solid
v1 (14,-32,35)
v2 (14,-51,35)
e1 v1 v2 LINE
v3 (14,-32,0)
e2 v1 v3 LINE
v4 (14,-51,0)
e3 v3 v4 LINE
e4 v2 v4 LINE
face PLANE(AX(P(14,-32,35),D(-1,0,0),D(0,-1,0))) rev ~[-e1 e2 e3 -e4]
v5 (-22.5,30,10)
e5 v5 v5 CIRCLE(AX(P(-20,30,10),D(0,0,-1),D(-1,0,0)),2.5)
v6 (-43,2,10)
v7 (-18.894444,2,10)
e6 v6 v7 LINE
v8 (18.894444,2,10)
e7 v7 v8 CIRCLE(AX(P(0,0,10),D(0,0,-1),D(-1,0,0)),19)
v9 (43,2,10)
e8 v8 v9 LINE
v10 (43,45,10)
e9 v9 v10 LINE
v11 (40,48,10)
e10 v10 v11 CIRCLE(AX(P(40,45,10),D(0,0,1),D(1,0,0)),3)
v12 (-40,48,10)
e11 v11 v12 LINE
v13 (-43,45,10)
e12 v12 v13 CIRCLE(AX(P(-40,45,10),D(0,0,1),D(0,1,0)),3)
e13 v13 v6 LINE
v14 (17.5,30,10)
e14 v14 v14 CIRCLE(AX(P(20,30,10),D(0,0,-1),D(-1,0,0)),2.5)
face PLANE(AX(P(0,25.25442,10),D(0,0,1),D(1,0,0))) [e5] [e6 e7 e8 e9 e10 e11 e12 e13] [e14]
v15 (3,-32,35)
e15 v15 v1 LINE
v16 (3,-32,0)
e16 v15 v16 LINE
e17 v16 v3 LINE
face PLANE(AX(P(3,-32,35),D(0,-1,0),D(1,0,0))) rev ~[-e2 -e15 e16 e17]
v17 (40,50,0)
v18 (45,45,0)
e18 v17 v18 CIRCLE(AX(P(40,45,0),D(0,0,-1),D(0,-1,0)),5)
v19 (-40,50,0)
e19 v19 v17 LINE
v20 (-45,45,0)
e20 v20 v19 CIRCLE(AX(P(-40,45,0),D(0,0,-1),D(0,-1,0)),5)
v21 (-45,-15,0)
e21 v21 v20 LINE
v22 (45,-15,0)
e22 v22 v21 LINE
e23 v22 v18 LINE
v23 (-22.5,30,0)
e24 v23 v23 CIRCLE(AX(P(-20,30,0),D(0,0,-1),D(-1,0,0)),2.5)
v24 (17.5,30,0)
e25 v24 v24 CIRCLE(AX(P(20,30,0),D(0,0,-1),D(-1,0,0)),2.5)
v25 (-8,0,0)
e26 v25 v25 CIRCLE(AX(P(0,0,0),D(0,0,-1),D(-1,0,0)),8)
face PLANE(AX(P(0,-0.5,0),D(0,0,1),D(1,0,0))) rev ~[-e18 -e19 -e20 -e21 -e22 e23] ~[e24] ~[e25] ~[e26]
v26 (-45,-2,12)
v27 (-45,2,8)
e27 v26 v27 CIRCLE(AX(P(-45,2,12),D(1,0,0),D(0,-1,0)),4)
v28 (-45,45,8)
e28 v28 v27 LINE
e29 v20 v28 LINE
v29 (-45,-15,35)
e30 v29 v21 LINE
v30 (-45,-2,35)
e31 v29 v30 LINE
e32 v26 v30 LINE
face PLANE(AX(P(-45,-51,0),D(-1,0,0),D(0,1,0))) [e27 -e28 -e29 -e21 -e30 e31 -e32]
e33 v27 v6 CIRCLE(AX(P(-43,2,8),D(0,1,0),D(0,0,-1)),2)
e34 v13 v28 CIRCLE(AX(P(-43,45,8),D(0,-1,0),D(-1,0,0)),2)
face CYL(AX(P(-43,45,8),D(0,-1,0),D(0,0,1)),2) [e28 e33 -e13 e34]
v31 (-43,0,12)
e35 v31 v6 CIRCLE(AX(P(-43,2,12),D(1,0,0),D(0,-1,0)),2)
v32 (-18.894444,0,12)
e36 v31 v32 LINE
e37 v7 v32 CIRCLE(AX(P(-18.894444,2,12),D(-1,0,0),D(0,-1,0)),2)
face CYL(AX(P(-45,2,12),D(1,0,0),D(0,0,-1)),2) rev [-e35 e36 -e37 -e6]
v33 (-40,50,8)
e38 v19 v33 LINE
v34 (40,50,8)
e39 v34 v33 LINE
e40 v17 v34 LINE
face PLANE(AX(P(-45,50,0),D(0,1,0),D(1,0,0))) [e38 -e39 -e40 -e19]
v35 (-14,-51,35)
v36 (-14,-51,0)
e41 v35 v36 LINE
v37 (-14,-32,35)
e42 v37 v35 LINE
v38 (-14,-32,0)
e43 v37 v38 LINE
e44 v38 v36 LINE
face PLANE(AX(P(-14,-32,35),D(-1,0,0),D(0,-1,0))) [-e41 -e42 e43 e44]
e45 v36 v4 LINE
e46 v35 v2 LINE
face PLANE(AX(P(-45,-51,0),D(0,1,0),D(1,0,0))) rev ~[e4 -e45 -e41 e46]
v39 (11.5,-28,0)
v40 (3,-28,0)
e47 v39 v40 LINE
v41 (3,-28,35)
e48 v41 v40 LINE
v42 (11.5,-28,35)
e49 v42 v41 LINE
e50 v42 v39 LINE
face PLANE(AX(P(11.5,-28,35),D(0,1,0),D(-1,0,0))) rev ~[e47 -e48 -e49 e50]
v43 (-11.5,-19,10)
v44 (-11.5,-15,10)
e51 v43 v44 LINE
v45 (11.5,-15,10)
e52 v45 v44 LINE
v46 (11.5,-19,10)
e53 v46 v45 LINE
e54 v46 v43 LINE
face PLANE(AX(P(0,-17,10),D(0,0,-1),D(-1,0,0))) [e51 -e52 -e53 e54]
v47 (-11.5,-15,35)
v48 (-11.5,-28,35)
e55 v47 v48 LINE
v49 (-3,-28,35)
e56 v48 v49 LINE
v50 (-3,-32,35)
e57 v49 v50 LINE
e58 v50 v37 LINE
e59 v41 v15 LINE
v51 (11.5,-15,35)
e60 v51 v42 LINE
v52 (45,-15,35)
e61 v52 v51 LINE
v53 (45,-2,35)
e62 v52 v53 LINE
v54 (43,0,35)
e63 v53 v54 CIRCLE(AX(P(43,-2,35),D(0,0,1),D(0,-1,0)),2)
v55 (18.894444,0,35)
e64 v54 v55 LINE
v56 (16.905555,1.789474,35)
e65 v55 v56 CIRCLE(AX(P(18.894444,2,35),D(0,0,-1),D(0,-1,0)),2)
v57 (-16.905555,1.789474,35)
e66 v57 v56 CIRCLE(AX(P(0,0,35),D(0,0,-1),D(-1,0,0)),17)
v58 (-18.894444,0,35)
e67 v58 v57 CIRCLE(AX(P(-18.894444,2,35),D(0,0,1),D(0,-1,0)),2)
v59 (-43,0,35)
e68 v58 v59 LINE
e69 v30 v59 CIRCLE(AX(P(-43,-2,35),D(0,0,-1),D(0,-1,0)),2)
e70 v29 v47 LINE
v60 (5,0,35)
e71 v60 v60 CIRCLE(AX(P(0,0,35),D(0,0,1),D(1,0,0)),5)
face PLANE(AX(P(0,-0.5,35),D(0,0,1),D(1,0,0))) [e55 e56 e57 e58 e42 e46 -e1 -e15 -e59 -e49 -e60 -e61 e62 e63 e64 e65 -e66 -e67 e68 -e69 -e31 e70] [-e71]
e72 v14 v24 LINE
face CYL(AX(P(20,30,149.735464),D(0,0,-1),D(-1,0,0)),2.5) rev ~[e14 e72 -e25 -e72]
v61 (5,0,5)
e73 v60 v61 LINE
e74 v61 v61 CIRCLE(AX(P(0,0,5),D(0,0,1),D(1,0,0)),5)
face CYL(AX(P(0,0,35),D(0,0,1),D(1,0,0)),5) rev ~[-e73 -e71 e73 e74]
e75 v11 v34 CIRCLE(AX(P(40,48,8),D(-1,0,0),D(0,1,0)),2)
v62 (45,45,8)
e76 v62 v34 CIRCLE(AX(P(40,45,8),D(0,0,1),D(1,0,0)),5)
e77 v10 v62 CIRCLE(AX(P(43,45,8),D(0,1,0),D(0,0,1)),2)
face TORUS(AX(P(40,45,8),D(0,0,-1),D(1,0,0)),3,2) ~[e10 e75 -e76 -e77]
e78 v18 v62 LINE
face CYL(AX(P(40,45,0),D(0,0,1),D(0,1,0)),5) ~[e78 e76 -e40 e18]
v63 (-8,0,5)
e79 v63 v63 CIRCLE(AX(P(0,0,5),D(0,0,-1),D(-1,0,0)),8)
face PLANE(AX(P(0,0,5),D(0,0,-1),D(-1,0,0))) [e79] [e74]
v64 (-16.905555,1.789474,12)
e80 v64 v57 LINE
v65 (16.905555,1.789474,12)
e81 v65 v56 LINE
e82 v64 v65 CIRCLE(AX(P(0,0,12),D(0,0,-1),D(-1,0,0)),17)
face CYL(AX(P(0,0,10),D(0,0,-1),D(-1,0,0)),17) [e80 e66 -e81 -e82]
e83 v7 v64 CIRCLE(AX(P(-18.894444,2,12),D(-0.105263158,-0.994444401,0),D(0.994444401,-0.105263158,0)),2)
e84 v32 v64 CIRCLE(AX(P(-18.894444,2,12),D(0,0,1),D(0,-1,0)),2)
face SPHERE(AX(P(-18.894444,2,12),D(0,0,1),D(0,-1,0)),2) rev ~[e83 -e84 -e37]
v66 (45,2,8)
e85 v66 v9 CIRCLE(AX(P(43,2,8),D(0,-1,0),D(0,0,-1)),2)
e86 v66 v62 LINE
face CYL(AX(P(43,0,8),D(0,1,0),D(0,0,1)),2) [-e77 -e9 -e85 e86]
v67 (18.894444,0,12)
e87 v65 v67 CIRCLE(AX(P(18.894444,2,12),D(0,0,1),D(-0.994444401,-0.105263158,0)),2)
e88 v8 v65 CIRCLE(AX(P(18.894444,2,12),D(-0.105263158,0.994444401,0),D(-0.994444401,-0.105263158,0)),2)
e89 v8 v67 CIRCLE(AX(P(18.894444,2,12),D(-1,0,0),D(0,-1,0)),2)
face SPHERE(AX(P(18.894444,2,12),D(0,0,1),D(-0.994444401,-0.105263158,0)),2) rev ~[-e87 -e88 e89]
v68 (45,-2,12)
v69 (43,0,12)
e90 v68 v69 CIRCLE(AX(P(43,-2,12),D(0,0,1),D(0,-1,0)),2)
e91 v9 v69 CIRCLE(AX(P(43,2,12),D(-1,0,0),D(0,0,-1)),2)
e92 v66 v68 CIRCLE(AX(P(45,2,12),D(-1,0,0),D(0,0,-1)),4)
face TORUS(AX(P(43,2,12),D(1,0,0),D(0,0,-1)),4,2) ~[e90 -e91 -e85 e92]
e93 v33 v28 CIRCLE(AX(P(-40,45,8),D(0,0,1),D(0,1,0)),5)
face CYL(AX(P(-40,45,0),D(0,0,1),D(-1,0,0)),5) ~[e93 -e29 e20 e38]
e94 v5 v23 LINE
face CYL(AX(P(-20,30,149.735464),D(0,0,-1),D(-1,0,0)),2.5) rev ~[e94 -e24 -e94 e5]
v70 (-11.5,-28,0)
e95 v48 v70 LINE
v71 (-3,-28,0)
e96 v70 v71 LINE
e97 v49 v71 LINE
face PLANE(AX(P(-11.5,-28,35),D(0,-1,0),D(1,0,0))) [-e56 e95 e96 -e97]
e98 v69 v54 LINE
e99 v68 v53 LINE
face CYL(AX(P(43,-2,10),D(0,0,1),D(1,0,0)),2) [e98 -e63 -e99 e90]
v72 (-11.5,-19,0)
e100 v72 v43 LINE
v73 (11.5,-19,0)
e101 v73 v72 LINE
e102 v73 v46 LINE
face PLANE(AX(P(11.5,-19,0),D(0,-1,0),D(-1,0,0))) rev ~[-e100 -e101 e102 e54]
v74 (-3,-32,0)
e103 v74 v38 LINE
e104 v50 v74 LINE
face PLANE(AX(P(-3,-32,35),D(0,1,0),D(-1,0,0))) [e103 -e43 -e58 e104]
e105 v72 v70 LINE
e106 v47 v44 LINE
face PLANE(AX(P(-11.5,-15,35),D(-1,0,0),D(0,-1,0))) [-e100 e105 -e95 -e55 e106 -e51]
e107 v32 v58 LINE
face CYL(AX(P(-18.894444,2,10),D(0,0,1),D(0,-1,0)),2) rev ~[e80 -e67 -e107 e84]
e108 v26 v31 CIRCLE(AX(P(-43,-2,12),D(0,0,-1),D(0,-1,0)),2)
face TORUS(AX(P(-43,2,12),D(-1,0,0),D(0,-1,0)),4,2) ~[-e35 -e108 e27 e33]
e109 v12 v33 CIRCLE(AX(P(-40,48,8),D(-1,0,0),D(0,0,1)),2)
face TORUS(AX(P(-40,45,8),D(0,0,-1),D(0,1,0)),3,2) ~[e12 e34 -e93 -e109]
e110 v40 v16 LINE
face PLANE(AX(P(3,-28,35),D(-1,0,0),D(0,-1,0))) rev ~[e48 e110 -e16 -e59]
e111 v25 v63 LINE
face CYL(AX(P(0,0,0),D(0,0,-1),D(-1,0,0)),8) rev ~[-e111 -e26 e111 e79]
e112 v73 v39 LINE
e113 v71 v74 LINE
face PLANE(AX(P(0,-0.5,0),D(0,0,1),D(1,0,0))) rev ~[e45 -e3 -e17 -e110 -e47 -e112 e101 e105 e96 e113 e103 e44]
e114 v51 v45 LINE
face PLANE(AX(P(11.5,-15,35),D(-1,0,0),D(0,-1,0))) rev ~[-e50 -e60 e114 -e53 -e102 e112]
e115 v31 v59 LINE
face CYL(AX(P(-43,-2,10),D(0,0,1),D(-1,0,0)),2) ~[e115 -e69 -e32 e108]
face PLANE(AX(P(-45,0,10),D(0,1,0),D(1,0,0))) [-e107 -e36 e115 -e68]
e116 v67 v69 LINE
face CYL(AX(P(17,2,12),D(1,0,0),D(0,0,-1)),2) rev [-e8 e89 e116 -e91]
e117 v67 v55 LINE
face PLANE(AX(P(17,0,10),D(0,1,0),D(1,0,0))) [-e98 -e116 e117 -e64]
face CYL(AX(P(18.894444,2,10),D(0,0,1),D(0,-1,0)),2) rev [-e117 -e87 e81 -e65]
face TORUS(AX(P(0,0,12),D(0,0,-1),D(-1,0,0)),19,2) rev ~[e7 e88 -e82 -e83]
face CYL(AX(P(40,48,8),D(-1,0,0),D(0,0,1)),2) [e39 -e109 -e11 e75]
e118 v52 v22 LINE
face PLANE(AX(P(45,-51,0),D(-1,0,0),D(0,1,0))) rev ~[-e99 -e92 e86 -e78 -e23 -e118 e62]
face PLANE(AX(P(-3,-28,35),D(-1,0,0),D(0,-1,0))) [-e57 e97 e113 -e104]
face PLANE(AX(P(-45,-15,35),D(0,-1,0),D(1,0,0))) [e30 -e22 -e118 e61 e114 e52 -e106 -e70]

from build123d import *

# Parameters (mm, degrees)
SKETCH_2_W          = 90
SKETCH_2_H          = 101
EXTRUDE_1_DEPTH     = 35
CUT_EXTRUDE_START   = 10
CUT_EXTRUDE_1_DEPTH = 67.491829629
SKETCH_8_R          = 5
CUT_EXTRUDE_3_DEPTH = 77.491829629
SKETCH_9_W          = 23
SKETCH_9_H          = 4
CUT_EXTRUDE_4_DEPTH = 10
HOLE_WIZARD_M5_1_D  = 5
SKETCH_12_R         = 8
CUT_EXTRUDE_5_DEPTH = 5
FILLET_3_R          = 5
FILLET_4_R          = 2


with BuildPart() as part:
    # 草图2 → 凸台-拉伸1 (new body)
    with BuildSketch(Plane.XY):
        with Locations((0, -0.5)):
            Rectangle(SKETCH_2_W, SKETCH_2_H)
    extrude(amount=EXTRUDE_1_DEPTH)

    # 草图3 → 切除-拉伸1 (cut, through all)
    with BuildSketch(Plane.XY.offset(CUT_EXTRUDE_START)):
        with BuildLine():
            Line((45, 50), (-45, 50))
            Line((-45, 50), (-45, 0))
            Line((-45, 0), (-17, 0))
            ThreePointArc((-17, 0), (0, 17), (17, 0))
            Line((17, 0), (45, 0))
            Line((45, 0), (45, 50))
        make_face()
    extrude(amount=CUT_EXTRUDE_1_DEPTH, mode=Mode.SUBTRACT)

    # 草图8 → 切除-拉伸3 (cut, through all)
    with BuildSketch(Plane.XY.offset(35)):
        Circle(SKETCH_8_R)
        Polygon((-45, -15), (-11.5, -15), (-11.5, -28), (-3, -28), (-3, -32), (-14, -32), (-14, -51), (-45, -51), align=None)
        Polygon((45, -51), (45, -15), (11.5, -15), (11.5, -28), (3, -28), (3, -32), (14, -32), (14, -51), align=None)
    extrude(amount=-CUT_EXTRUDE_3_DEPTH, mode=Mode.SUBTRACT)

    # 草图9 → 切除-拉伸4 (cut)
    with BuildSketch(Plane(origin=(0, 0, 0), x_dir=(-1, 0, 0), z_dir=(0, 0, -1))):
        with Locations((0, -17)):
            Rectangle(SKETCH_9_W, SKETCH_9_H)
    extrude(amount=-CUT_EXTRUDE_4_DEPTH, mode=Mode.SUBTRACT)

    # M5 螺纹孔1 (through all)
    with Locations(Plane.XY.offset(10)):
        with Locations((-20, 30), (20, 30)):
            Hole(HOLE_WIZARD_M5_1_D / 2)

    # 草图12 → 切除-拉伸5 (cut)
    with BuildSketch(Plane(origin=(0, 0, 0), x_dir=(-1, 0, 0), z_dir=(0, 0, -1))):
        Circle(SKETCH_12_R)
    extrude(amount=-CUT_EXTRUDE_5_DEPTH, mode=Mode.SUBTRACT)

    # 圆角3
    fillet_3_edges = [part.edges().sort_by_distance(p)[0] for p in [
        (-45, 50, 5),
        (45, 50, 5),
    ]]
    fillet(fillet_3_edges, radius=FILLET_3_R)

    # 圆角4
    fillet_4_edges = [part.edges().sort_by_distance(p)[0] for p in [
        (0, 50, 10),
        (-45, 22.5, 10),
        (-43.535533906, 48.535533906, 10),
        (43.535533906, 48.535533906, 10),
        (45, 22.5, 10),
        (45, 0, 22.5),
        (-31, 0, 10),
        (-45, 0, 22.5),
        (0, 17, 10),
        (-17, 0, 22.5),
        (31, 0, 10),
        (17, 0, 22.5),
    ]]
    fillet(fillet_4_edges, radius=FILLET_4_R)


solid = part.part
